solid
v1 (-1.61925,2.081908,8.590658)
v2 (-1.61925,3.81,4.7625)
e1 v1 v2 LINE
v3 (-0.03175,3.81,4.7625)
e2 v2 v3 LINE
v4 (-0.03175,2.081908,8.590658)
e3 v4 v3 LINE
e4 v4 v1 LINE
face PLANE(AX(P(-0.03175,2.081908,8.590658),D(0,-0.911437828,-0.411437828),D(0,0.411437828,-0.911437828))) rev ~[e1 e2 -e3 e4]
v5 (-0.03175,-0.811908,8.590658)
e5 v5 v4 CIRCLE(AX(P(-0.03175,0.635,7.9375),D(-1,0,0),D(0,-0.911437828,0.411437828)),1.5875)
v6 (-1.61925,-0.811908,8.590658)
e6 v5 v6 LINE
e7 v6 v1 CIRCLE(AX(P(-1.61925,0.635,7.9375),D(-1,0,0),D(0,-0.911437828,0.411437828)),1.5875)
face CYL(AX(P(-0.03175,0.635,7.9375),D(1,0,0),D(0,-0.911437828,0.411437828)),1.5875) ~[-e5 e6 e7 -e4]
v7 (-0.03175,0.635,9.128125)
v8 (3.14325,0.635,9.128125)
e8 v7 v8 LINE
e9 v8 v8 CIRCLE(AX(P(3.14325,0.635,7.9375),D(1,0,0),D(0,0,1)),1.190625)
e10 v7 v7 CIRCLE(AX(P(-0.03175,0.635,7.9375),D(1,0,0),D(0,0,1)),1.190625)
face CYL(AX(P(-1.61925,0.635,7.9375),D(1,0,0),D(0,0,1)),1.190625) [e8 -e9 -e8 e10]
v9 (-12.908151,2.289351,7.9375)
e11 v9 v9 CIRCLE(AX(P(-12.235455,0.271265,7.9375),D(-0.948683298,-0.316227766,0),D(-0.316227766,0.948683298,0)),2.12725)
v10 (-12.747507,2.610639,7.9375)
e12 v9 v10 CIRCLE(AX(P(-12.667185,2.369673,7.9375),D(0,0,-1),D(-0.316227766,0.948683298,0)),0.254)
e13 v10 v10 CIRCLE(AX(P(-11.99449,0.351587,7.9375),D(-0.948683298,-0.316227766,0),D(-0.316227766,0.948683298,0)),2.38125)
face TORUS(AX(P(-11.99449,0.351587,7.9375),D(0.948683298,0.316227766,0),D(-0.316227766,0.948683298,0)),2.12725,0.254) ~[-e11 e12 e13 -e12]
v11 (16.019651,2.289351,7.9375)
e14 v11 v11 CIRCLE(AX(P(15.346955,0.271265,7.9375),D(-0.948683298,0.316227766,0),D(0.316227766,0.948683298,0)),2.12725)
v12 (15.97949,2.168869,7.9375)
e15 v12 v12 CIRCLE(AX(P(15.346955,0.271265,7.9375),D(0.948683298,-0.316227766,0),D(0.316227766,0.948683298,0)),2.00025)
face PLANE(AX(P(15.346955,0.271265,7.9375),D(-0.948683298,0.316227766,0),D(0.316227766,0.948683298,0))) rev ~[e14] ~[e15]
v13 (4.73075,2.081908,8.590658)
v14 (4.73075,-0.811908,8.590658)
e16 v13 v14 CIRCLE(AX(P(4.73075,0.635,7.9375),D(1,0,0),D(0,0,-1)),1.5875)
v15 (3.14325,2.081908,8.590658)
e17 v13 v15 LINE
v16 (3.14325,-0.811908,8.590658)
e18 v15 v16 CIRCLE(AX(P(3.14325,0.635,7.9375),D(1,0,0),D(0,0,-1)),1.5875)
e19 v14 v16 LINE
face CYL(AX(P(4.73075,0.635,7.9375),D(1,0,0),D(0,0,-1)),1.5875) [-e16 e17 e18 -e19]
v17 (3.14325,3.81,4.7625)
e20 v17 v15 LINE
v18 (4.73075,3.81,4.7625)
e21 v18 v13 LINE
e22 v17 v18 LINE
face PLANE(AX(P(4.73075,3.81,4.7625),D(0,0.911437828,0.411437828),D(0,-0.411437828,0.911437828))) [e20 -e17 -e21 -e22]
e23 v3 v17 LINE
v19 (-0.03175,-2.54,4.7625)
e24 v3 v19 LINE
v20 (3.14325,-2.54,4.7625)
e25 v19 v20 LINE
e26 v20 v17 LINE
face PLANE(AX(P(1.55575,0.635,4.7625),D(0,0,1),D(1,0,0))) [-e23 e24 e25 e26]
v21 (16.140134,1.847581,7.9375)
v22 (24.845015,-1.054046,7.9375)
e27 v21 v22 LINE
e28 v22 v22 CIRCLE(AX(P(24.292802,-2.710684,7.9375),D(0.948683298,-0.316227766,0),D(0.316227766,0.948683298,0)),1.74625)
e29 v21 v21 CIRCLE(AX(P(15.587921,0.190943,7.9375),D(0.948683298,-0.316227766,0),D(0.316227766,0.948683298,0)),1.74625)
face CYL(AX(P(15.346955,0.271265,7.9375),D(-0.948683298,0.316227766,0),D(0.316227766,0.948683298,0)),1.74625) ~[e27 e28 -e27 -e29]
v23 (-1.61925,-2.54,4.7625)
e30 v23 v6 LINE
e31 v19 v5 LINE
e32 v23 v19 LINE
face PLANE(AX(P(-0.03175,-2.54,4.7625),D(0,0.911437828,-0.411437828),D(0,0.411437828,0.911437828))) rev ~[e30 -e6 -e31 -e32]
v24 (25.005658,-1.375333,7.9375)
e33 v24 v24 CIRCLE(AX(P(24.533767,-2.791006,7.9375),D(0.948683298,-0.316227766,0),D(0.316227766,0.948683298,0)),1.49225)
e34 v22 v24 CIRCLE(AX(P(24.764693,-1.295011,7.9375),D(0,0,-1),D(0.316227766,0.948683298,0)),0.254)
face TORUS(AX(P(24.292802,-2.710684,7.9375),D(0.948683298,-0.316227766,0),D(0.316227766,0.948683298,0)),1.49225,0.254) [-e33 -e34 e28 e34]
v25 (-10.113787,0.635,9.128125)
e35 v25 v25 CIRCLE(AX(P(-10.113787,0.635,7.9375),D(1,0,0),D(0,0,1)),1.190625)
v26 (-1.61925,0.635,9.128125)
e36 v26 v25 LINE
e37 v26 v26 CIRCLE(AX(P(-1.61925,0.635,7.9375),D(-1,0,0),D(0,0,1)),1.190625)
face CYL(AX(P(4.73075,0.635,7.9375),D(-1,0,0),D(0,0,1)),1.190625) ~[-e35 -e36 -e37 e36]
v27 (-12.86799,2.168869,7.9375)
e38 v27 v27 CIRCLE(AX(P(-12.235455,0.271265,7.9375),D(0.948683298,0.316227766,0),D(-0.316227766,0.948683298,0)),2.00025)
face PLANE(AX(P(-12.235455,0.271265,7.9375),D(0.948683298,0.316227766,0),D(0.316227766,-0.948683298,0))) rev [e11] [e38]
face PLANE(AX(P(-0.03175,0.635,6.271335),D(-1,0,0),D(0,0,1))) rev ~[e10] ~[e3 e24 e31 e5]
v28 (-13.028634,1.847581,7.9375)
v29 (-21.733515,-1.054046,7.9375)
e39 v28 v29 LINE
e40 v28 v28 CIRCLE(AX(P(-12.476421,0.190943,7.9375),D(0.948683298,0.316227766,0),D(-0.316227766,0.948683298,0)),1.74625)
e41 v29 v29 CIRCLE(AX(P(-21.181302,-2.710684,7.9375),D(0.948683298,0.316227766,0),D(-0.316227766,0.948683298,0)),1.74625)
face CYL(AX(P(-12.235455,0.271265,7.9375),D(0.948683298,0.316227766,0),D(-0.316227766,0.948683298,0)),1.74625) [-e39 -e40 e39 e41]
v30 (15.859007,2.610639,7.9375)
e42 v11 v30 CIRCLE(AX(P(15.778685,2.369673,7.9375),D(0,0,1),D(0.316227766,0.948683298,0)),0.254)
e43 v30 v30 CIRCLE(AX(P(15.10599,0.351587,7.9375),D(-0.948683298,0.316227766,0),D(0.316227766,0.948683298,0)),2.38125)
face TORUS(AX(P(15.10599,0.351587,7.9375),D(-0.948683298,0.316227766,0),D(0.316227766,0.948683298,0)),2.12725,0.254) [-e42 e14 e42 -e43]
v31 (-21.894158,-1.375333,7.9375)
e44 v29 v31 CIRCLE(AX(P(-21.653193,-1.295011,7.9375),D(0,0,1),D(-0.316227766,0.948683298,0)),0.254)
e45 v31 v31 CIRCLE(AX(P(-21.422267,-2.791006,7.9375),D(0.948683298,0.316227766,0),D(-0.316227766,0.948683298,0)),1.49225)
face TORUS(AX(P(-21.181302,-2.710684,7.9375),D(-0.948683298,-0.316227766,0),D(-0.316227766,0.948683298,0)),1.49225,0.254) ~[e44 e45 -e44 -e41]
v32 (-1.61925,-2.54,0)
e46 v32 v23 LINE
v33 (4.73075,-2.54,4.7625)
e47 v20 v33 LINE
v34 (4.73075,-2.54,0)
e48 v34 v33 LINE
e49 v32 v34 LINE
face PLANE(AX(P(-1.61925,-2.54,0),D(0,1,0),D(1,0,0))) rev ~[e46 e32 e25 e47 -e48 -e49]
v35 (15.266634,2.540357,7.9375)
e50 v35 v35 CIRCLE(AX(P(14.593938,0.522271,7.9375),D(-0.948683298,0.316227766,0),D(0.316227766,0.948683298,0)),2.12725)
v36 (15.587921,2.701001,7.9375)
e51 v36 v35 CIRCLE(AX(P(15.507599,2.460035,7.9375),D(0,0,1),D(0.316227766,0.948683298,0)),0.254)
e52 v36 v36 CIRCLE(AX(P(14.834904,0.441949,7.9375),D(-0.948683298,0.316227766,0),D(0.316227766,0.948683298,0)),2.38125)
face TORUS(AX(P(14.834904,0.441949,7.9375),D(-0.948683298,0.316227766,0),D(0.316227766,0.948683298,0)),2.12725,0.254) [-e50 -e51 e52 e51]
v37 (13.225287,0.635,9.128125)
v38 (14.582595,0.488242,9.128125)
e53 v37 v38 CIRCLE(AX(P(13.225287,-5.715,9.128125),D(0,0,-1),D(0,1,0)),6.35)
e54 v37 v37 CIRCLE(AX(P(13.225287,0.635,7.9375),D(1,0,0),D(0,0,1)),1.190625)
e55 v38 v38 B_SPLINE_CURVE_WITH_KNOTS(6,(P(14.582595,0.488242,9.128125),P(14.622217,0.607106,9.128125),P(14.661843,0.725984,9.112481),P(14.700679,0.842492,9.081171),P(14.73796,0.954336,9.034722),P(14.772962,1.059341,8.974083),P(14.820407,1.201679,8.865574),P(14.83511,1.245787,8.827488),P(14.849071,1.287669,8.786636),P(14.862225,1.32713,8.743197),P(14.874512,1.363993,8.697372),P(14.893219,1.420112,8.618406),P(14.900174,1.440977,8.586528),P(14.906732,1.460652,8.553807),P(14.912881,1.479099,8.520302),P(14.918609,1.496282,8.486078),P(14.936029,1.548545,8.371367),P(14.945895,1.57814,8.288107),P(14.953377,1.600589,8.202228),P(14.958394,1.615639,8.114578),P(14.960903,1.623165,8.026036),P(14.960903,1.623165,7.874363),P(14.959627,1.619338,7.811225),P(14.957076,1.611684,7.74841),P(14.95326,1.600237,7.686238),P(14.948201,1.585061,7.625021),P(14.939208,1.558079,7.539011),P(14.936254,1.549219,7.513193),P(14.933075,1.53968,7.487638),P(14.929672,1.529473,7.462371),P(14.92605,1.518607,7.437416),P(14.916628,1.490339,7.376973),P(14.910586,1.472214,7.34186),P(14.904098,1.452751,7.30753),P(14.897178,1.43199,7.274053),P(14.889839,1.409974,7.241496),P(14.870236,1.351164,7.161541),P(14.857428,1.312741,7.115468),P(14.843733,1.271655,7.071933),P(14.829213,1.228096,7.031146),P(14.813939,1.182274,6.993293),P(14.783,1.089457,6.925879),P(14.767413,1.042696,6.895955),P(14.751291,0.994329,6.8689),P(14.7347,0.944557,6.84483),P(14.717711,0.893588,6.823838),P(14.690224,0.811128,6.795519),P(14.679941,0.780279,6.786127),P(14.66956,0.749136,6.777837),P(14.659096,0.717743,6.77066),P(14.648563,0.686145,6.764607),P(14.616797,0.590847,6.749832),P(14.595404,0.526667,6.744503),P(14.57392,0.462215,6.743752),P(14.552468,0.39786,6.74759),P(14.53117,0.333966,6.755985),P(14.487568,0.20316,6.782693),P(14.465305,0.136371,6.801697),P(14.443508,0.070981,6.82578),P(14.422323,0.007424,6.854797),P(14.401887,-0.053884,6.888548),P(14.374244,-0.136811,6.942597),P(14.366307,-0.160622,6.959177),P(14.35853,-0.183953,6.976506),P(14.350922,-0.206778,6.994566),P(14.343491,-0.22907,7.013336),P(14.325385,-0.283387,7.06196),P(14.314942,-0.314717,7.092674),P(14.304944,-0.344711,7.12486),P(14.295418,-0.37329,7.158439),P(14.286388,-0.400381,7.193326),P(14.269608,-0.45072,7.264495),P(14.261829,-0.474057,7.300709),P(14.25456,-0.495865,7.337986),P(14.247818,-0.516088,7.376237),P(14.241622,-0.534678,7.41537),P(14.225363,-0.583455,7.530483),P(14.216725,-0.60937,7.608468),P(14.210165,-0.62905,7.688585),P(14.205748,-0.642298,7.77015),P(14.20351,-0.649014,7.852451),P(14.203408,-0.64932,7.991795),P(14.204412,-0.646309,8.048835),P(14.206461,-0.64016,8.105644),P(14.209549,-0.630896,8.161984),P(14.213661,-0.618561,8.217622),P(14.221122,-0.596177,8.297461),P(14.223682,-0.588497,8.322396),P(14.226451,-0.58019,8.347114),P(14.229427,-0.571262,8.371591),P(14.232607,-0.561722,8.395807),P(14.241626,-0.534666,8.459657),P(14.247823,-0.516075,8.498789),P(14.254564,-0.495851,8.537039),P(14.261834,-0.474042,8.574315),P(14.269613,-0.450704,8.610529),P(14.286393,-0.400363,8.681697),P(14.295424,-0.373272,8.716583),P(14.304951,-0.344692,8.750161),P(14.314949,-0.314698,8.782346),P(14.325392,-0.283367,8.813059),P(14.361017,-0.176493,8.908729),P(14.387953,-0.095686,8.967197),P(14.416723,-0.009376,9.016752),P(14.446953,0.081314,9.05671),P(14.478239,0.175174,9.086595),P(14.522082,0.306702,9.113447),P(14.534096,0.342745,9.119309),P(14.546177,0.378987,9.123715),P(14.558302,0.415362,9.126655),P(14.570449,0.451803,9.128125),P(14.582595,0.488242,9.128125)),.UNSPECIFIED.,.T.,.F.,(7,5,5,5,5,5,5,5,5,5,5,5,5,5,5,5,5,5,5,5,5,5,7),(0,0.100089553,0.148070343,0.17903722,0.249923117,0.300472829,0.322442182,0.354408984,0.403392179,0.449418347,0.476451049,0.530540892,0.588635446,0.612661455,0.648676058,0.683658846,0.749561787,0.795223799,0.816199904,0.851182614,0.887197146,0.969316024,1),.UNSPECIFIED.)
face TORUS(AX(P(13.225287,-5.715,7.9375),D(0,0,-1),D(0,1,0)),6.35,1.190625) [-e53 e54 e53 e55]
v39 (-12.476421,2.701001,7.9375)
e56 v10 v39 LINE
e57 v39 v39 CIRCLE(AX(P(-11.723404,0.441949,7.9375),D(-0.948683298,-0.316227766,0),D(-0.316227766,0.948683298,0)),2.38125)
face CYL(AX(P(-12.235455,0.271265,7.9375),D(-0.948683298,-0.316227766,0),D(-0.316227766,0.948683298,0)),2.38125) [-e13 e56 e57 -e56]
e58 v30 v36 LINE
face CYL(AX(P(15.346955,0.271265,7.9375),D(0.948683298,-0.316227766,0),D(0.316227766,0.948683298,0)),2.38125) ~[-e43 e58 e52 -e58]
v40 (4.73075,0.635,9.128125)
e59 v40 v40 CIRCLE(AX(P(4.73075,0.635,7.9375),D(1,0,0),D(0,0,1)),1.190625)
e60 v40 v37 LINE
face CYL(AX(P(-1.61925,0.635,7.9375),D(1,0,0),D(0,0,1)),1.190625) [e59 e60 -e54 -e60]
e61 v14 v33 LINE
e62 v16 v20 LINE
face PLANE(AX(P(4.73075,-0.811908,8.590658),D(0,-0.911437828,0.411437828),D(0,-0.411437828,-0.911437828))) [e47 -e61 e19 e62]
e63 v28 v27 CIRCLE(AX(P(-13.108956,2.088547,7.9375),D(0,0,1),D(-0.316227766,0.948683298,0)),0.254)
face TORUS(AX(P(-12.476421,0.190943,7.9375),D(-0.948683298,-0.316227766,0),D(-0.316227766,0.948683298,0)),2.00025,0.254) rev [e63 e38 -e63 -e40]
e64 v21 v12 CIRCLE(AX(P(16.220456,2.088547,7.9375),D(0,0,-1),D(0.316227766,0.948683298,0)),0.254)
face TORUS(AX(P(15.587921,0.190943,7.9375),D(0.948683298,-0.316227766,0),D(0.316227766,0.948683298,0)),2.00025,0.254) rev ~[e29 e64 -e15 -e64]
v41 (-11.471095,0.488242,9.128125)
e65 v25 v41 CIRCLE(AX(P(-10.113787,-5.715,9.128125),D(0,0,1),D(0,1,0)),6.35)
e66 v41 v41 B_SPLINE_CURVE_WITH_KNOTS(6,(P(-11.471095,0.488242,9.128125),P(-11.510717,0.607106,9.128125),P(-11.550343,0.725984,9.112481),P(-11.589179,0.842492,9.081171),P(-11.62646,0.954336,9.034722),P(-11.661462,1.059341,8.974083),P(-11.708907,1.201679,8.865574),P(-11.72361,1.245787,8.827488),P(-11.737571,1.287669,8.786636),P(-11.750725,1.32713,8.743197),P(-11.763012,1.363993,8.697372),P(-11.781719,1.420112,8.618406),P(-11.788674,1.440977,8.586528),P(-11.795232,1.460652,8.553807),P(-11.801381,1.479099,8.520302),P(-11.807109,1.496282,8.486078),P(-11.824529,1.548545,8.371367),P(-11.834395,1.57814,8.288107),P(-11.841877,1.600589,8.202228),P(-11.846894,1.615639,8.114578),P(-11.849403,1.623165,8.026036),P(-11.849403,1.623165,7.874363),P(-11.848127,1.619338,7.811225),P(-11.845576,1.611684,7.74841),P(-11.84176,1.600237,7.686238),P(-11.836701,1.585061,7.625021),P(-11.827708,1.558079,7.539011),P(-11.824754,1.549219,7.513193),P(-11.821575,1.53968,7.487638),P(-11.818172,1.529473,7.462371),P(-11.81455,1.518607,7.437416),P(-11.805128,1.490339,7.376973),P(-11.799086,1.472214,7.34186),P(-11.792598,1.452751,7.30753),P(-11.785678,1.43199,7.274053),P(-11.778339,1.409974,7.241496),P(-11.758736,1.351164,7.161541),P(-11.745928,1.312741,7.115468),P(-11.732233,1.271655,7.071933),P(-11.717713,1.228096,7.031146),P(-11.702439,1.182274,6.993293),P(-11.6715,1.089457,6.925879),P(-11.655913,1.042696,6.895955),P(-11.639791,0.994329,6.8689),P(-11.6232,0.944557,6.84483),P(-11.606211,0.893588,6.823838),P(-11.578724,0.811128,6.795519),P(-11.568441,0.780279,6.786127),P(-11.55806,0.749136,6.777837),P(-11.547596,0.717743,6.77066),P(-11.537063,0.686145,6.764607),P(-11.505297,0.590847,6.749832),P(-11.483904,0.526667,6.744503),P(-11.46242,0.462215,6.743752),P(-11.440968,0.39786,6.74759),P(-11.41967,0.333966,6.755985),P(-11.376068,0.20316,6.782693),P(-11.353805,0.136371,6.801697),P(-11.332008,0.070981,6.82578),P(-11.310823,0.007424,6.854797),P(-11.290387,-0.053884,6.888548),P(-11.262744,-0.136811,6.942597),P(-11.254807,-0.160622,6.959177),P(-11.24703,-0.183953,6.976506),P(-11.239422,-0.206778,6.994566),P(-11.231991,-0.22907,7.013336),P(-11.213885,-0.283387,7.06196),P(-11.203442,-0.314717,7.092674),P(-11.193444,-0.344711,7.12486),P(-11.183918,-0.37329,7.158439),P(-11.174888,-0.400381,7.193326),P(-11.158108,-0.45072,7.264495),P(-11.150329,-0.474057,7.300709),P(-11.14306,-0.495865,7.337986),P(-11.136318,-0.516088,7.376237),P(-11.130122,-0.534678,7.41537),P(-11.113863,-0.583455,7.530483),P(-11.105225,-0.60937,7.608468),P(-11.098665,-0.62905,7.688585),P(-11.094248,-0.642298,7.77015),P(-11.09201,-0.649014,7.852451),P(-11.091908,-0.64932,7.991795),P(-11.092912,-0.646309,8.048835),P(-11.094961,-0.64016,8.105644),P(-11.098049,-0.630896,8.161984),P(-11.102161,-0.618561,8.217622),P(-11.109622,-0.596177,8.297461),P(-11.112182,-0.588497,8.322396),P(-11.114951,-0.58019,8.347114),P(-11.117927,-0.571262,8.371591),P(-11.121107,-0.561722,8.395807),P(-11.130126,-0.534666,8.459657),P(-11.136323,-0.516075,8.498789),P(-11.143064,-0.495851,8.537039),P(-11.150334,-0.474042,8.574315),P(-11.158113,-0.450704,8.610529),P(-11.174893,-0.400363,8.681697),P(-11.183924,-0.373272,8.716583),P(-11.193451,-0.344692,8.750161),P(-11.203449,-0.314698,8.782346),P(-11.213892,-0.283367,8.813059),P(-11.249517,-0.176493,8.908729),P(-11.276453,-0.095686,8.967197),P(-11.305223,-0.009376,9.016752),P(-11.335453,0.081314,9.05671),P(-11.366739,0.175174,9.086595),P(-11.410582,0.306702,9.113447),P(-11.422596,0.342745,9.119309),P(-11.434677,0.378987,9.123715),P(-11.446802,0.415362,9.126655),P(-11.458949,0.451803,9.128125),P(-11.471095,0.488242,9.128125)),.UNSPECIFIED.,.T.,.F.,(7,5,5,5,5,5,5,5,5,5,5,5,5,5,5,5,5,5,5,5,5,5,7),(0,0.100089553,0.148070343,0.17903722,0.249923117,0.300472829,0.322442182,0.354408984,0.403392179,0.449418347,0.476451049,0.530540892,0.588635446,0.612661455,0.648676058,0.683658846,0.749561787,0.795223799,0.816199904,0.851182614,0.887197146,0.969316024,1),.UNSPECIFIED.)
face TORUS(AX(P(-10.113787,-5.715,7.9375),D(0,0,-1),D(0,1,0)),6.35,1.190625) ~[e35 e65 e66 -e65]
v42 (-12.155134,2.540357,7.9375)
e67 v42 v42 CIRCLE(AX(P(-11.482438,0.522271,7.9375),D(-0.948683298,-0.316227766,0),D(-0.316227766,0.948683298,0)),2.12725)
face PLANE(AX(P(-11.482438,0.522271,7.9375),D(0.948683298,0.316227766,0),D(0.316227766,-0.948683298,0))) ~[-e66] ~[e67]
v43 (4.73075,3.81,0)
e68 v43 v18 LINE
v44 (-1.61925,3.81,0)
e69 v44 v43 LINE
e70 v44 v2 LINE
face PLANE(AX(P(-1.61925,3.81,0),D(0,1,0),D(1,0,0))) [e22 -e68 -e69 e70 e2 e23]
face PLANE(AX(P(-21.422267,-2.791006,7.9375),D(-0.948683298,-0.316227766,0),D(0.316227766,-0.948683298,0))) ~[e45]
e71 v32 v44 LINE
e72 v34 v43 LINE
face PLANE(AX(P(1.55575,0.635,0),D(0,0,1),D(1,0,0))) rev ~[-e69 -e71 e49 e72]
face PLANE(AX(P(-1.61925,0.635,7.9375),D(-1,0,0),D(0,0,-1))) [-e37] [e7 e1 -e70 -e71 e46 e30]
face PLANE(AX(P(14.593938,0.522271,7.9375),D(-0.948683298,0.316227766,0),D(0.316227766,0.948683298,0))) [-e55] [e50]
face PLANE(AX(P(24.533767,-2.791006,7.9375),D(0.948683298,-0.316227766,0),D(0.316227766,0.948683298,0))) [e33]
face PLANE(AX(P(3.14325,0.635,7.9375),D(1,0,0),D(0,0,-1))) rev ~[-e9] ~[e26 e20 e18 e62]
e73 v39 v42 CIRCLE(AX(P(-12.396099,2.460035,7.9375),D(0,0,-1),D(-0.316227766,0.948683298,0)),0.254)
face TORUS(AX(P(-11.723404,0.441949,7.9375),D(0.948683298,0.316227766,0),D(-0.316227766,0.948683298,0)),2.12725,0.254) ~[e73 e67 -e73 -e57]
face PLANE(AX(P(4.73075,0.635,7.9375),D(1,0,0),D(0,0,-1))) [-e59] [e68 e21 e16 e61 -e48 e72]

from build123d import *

# Parameters (mm, degrees)
SKETCH1_W            = 6.35
SKETCH1_H            = 6.35
BOSS_EXTRUDE1_DEPTH  = 4.7625
SKETCH3_R            = 1.5875
BOSS_EXTRUDE2_DEPTH  = 1.5875
BOSS_EXTRUDE3_START  = -1.5875
SKETCH4_R            = 1.5875
BOSS_EXTRUDE3_DEPTH  = 1.5875
SKETCH5_R            = 1.190625
BOSS_EXTRUDE4_START  = -8.89
SKETCH7_R            = 1.74625
BOSS_EXTRUDE4_DEPTH  = 9.68375
SKETCH8_R            = 2.38125
BOSS_EXTRUDE5_DEPTH  = 0.79375
FILLET2_R            = 0.254
FILLET3_R            = 0.254
FILLET4_R            = 0.254
FILLET2_OF_MIRROR3_R = 0.254
FILLET3_OF_MIRROR3_R = 0.254
FILLET4_OF_MIRROR3_R = 0.254


with BuildPart() as part:
    # Sketch1 → Boss-Extrude1 (new body)
    with BuildSketch(Plane.XY):
        with Locations((1.55575, 0.635)):
            Rectangle(SKETCH1_W, SKETCH1_H)
    extrude(amount=BOSS_EXTRUDE1_DEPTH)

    # Sketch3 → Boss-Extrude2 (add)
    with BuildSketch(Plane(origin=(4.73075, 0, 0), x_dir=(0, 0, -1), z_dir=(1, 0, 0))):
        with Locations((-7.9375, 0.635)):
            Circle(SKETCH3_R)
        with BuildLine():
            Line((-4.7625, -2.54), (-4.7625, 3.81))
            Line((-4.7625, 3.81), (-8.590657552, 2.081907552))
            ThreePointArc((-8.590657552, 2.081907552), (-7.076318069, 1.968612362), (-6.35, 0.635))
            ThreePointArc((-6.35, 0.635), (-7.076318069, -0.698612362), (-8.590657552, -0.811907552))
            Line((-8.590657552, -0.811907552), (-4.7625, -2.54))
        make_face()
    extrude(amount=-BOSS_EXTRUDE2_DEPTH)

    # Sketch4 → Boss-Extrude3 (add)
    with BuildSketch(Plane.ZY.offset(1.61925).offset(BOSS_EXTRUDE3_START)):
        with BuildLine():
            Line((4.7625, -2.54), (8.590657552, -0.811907552))
            ThreePointArc((8.590657552, -0.811907552), (6.35, 0.635), (8.590657552, 2.081907552))
            Line((8.590657552, 2.081907552), (4.7625, 3.81))
            Line((4.7625, 3.81), (4.7625, -2.54))
        make_face()
        with Locations((7.9375, 0.635)):
            Circle(SKETCH4_R)
    extrude(amount=BOSS_EXTRUDE3_DEPTH)

    # Sweep1: sweep along a path in Sketch6
    with BuildLine(Plane.XY.offset(7.9375)) as sweep1_path:
        Line((-1.61925, 0.635), (4.73075, 0.635))
        Line((4.73075, 0.635), (13.225286858, 0.635))
        ThreePointArc((13.225286858, 0.635), (14.242444101, 0.553005356), (15.233333172, 0.309138943))
        Line((15.233333172, 0.309138943), (23.78075, -2.54))
    # Sketch5 → Sweep1 (sweep)
    with BuildSketch(Plane.ZY.offset(1.61925)):
        with Locations((7.9375, 0.635)):
            Circle(SKETCH5_R)
    sweep1 = sweep(path=sweep1_path.line)

    # Mirror1: Sweep1 across plane
    add(sweep1.mirror(Plane.ZY.offset(-1.55575)))

    # Sketch7 → Boss-Extrude4 (add)
    with BuildSketch(Plane(origin=(22.164675, -7.388225, 0), x_dir=(0, 0, -1), z_dir=(0.9486832980505139, -0.31622776601683794, 0)).offset(BOSS_EXTRUDE4_START)):
        with Locations(Location((-7.9375, 5.11047787, 0), (0, 0, 90))):
            Circle(SKETCH7_R)
    boss_extrude4 = extrude(amount=BOSS_EXTRUDE4_DEPTH)

    # Sketch8 → Boss-Extrude5 (add)
    with BuildSketch(Plane(origin=(13.73088048, -4.57696016, 0), x_dir=(0, 0, 1), z_dir=(-0.9486832980505139, 0.316227766016838, 0))):
        with Locations(Location((7.9375, 5.11047787, 0), (0, 0, 90))):
            Circle(SKETCH8_R)
    boss_extrude5 = extrude(amount=BOSS_EXTRUDE5_DEPTH)

    # Fillet2
    fillet2_edges = [part.edges().sort_by_distance(p)[0] for p in [
        (23.981554631, -4.447643998, 7.9375),
    ]]
    fillet(fillet2_edges, radius=FILLET2_R)

    # Fillet3
    fillet3_edges = [part.edges().sort_by_distance(p)[0] for p in [
        (14.794742744, -1.385373369, 7.9375),
    ]]
    fillet(fillet3_edges, radius=FILLET3_R)

    # Fillet4
    fillet4_edges = [part.edges().sort_by_distance(p)[0] for p in [
        (13.840920745, -1.736781474, 7.9375),
        (14.593938113, -1.987787264, 7.9375),
    ]]
    fillet(fillet4_edges, radius=FILLET4_R)

    # Mirror3: Boss-Extrude4, Boss-Extrude5 across plane
    add(boss_extrude4.mirror(Plane.ZY.offset(-1.55575)))
    add(boss_extrude5.mirror(Plane.ZY.offset(-1.55575)))

    # Fillet2 of Mirror3
    fillet2_of_mirror3_edges = [part.edges().sort_by_distance(p)[0] for p in [
        (-20.870054631, -4.447643998, 7.9375),
    ]]
    fillet(fillet2_of_mirror3_edges, radius=FILLET2_OF_MIRROR3_R)

    # Fillet3 of Mirror3
    fillet3_of_mirror3_edges = [part.edges().sort_by_distance(p)[0] for p in [
        (-11.683242744, -1.385373369, 7.9375),
    ]]
    fillet(fillet3_of_mirror3_edges, radius=FILLET3_OF_MIRROR3_R)

    # Fillet4 of Mirror3
    fillet4_of_mirror3_edges = [part.edges().sort_by_distance(p)[0] for p in [
        (-10.729420745, -1.736781474, 7.9375),
        (-11.482438113, -1.987787264, 7.9375),
    ]]
    fillet(fillet4_of_mirror3_edges, radius=FILLET4_OF_MIRROR3_R)


solid = part.part
